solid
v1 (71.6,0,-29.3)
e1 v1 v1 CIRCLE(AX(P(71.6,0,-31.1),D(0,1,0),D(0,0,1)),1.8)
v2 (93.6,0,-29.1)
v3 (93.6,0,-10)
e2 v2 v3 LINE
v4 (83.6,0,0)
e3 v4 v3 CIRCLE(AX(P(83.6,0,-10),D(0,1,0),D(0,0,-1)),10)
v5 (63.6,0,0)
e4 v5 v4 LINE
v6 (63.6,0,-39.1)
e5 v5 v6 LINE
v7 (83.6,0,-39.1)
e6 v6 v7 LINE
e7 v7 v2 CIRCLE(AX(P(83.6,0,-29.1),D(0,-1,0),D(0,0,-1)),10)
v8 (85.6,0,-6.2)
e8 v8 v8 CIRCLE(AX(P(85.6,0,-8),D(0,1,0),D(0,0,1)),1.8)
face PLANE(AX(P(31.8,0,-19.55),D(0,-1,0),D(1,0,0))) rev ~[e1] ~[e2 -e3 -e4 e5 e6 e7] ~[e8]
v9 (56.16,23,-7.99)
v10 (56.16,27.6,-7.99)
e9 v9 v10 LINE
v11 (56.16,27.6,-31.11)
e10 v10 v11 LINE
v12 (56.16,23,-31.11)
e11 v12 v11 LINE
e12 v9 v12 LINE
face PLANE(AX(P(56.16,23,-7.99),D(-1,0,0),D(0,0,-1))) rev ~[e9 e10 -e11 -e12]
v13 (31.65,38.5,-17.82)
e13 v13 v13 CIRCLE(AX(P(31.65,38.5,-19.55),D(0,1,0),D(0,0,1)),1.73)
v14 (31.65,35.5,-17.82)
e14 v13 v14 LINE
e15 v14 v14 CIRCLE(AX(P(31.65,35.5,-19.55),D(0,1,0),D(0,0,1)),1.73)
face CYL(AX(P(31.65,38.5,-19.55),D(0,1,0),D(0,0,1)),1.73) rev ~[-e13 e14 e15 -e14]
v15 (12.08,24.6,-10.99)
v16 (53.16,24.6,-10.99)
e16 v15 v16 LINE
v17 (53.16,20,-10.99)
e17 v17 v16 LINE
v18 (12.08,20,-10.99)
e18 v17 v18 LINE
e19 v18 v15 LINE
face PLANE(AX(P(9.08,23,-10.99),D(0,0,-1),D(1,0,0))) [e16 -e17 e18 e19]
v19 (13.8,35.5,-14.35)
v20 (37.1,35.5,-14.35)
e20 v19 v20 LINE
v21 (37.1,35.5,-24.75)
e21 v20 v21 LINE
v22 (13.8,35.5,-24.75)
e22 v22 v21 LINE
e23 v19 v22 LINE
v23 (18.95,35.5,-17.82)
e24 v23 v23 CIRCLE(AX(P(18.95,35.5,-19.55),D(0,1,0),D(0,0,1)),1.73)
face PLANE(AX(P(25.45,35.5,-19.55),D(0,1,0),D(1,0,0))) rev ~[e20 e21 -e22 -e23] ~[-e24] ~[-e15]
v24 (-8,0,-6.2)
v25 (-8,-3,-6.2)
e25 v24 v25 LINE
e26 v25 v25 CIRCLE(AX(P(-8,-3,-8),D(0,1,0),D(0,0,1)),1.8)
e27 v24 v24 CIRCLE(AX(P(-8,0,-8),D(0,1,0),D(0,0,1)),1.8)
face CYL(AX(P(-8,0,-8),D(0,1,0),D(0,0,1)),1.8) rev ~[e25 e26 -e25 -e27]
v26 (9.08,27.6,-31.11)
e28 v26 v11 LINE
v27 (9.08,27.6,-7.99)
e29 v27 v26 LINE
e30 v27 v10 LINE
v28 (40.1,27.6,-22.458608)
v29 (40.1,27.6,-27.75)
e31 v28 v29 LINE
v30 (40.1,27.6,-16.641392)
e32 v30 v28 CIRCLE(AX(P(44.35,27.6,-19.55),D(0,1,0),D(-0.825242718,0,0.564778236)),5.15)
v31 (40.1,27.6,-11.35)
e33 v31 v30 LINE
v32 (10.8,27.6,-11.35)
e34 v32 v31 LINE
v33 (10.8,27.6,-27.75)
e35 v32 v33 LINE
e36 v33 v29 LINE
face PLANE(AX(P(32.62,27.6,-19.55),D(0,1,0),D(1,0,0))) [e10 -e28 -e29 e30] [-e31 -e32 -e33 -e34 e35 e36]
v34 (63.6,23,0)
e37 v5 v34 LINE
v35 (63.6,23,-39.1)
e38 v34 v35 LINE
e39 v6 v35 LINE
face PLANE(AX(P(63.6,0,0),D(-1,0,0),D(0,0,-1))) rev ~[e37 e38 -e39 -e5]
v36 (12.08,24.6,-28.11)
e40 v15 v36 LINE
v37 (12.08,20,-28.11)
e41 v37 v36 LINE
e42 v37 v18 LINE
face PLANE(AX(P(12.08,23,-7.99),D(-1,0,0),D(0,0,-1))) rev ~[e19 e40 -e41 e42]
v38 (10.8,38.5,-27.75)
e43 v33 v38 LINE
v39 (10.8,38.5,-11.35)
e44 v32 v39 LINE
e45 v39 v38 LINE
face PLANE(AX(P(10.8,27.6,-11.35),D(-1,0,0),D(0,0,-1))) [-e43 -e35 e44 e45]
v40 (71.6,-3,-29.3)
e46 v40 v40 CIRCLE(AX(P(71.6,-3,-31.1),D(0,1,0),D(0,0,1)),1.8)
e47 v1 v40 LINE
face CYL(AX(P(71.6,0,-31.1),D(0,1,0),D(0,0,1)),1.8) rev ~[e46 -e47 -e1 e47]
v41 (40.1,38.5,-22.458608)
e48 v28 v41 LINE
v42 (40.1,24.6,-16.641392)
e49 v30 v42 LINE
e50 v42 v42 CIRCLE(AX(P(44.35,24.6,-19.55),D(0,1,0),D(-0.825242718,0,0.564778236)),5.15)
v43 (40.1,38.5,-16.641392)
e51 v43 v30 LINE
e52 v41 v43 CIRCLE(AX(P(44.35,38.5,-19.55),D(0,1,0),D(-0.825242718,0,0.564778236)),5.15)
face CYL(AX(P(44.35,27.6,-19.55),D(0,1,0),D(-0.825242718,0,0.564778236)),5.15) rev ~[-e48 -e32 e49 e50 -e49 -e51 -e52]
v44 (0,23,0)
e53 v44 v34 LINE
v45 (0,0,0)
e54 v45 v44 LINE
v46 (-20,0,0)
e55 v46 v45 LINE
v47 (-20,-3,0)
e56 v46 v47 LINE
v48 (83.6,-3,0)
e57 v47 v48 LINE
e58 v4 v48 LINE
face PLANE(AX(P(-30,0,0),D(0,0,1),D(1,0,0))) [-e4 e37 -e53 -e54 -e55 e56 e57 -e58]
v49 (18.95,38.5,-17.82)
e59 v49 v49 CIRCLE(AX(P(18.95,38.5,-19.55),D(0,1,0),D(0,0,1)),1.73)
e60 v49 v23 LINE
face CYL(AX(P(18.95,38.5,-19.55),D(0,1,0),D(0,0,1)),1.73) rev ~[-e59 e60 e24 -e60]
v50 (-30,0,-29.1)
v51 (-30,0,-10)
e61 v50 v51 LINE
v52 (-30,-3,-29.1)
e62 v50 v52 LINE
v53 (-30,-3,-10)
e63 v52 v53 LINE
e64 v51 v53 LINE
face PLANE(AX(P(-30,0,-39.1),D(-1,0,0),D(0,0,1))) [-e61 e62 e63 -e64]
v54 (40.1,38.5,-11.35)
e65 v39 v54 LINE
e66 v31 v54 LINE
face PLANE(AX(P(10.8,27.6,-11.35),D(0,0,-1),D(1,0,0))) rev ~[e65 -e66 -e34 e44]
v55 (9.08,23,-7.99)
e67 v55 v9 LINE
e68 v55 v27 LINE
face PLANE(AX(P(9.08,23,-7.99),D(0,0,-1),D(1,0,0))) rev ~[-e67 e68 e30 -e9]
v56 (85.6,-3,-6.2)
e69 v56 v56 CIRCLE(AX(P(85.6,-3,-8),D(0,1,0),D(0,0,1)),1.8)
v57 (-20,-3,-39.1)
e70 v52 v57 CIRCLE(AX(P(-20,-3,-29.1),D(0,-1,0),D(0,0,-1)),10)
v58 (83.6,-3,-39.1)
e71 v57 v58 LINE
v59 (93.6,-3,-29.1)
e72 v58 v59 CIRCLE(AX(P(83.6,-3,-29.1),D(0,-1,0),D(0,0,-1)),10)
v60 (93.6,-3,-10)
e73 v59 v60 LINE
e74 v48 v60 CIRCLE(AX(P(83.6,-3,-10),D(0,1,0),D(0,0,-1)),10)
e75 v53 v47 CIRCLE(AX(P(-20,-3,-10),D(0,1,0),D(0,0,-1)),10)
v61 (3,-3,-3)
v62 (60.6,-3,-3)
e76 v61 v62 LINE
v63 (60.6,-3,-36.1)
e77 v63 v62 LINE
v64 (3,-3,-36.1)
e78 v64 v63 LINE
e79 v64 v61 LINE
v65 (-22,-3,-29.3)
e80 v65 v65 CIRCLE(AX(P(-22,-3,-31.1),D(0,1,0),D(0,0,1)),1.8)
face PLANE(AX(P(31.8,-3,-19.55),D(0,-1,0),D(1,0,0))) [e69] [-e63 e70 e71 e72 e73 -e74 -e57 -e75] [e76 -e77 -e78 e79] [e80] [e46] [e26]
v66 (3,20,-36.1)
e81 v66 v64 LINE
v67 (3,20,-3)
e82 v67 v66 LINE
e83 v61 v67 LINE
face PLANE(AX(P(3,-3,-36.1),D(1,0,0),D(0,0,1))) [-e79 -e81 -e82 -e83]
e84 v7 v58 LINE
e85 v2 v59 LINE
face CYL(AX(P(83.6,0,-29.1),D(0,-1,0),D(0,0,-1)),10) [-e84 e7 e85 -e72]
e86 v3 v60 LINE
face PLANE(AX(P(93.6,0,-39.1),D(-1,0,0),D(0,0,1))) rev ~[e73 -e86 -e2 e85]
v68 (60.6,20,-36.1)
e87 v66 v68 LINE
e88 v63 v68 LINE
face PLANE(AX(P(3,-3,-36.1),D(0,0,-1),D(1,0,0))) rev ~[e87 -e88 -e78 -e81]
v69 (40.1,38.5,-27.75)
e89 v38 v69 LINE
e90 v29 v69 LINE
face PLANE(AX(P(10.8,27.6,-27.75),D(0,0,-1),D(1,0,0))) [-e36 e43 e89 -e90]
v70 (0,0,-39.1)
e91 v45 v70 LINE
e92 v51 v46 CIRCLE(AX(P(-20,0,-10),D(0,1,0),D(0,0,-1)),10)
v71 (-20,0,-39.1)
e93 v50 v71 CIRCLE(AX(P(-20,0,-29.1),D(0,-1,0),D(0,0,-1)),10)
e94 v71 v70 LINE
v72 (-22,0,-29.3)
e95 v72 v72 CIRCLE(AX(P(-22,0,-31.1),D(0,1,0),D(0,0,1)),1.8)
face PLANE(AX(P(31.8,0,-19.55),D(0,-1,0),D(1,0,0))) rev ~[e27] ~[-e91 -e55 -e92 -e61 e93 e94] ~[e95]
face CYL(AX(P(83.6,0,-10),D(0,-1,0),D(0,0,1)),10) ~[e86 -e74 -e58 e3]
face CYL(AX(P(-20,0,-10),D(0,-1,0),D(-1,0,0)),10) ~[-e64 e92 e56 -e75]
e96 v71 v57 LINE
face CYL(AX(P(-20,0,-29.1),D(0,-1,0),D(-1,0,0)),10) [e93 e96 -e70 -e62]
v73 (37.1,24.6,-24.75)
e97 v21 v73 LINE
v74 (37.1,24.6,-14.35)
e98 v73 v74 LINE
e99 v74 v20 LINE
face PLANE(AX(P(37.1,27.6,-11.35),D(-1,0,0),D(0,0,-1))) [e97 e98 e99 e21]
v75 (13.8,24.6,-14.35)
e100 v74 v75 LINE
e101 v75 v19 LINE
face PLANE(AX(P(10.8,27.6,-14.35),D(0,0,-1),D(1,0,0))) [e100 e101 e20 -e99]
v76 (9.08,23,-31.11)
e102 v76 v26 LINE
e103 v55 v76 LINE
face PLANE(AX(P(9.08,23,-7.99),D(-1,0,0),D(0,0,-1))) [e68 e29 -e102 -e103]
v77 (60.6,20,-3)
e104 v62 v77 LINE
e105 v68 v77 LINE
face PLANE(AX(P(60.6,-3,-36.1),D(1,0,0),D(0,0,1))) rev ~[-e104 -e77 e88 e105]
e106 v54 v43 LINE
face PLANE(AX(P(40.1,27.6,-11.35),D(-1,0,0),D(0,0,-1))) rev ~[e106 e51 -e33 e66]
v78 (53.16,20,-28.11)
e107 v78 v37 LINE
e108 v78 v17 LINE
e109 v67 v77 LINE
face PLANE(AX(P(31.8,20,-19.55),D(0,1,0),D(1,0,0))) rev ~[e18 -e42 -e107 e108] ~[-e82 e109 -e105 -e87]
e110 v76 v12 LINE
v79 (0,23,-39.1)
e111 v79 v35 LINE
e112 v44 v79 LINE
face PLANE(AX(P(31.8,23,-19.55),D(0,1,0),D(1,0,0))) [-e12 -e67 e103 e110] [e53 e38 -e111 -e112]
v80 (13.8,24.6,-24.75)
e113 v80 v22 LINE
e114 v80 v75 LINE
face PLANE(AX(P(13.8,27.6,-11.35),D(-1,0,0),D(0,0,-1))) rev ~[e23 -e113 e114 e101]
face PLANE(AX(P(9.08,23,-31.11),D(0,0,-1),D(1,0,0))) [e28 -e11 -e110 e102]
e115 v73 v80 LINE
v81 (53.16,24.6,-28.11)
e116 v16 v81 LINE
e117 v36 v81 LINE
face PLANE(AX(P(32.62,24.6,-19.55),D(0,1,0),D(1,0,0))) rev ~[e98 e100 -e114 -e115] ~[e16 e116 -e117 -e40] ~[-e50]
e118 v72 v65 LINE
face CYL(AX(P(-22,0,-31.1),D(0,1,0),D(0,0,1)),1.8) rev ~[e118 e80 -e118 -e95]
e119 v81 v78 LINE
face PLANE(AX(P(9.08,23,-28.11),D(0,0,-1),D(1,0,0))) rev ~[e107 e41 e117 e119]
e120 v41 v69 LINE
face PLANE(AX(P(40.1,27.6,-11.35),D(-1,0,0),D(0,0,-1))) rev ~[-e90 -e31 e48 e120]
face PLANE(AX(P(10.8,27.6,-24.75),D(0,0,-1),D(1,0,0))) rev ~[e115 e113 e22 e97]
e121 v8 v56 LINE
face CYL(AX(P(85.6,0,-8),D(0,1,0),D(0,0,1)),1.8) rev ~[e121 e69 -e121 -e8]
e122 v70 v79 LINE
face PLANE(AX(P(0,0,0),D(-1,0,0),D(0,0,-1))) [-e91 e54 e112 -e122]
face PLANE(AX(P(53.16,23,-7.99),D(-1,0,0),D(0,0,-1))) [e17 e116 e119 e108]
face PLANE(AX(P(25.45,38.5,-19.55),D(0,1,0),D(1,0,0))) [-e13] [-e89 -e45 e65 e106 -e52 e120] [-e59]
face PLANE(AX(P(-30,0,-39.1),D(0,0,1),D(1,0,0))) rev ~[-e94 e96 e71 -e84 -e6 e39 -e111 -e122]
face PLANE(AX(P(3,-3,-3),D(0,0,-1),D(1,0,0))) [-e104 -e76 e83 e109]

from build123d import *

# Parameters (mm, degrees)
SKETCH1_W           = 63.6
SKETCH1_H           = 39.1
BOSS_EXTRUDE1_DEPTH = 23
SKETCH3_W           = 47.08
SKETCH3_H           = 23.12
BOSS_EXTRUDE2_DEPTH = 4.6
SKETCH4_W           = 29.3
SKETCH4_H           = 16.4
BOSS_EXTRUDE3_DEPTH = 10.9
SHELL1_T            = -3
SKETCH5_W           = 123.6
SKETCH5_H           = 39.1
BOSS_EXTRUDE4_DEPTH = 3
SKETCH6_R           = 1.73
CUT_EXTRUDE1_DEPTH  = 110.599361312
SKETCH7_W           = 57.6
SKETCH7_H           = 33.1
CUT_EXTRUDE2_DEPTH  = 3
SKETCH8_R           = 1.8
CUT_EXTRUDE3_DEPTH  = 3
FILLET1_R           = 10
SKETCH9_R           = 5.15
CUT_EXTRUDE4_DEPTH  = 10
SKETCH12_R          = 5.15
CUT_EXTRUDE5_DEPTH  = 110.599361312


with BuildPart() as part:
    # Sketch1 → Boss-Extrude1 (new body)
    with BuildSketch(Plane(origin=(0, 0, 0), x_dir=(1, 0, 0), z_dir=(0, 1, 0))):
        with Locations((31.8, 19.55)):
            Rectangle(SKETCH1_W, SKETCH1_H)
    extrude(amount=BOSS_EXTRUDE1_DEPTH)

    # Sketch3 → Boss-Extrude2 (add)
    with BuildSketch(Plane(origin=(0, 23, 0), x_dir=(1, 0, 0), z_dir=(0, 1, 0))):
        with Locations((32.62, 19.55)):
            Rectangle(SKETCH3_W, SKETCH3_H)
    extrude(amount=BOSS_EXTRUDE2_DEPTH)

    # Sketch4 → Boss-Extrude3 (add)
    with BuildSketch(Plane(origin=(0, 27.6, 0), x_dir=(1, 0, 0), z_dir=(0, 1, 0))):
        with Locations((25.45, 19.55)):
            Rectangle(SKETCH4_W, SKETCH4_H)
    extrude(amount=BOSS_EXTRUDE3_DEPTH)

    # Shell1
    shell1_openings = [part.faces().sort_by_distance(p)[0] for p in [
        (31.8, 0, -19.55),
    ]]
    offset(amount=SHELL1_T, openings=shell1_openings, kind=Kind.INTERSECTION)

    # Sketch5 → Boss-Extrude4 (add)
    with BuildSketch(Plane.XZ):
        with Locations((31.8, -19.55)):
            Rectangle(SKETCH5_W, SKETCH5_H)
    extrude(amount=BOSS_EXTRUDE4_DEPTH)

    # Sketch6 → Cut-Extrude1 (cut, through all)
    with BuildSketch(Plane(origin=(0, 38.5, 0), x_dir=(1, 0, 0), z_dir=(0, 1, 0))):
        with Locations(Location((18.95, 19.55, 0), (0, 0, 270))):
            Circle(SKETCH6_R)
        with Locations(Location((31.65, 19.55, 0), (0, 0, 270))):
            Circle(SKETCH6_R)
    extrude(amount=-CUT_EXTRUDE1_DEPTH, mode=Mode.SUBTRACT)

    # Sketch7 → Cut-Extrude2 (cut)
    with BuildSketch(Plane.XZ.offset(3)):
        with Locations((31.8, -19.55)):
            Rectangle(SKETCH7_W, SKETCH7_H)
    extrude(amount=-CUT_EXTRUDE2_DEPTH, mode=Mode.SUBTRACT)

    # Sketch8 → Cut-Extrude3 (cut)
    with BuildSketch(Plane(origin=(0, 0, 0), x_dir=(1, 0, 0), z_dir=(0, 1, 0))):
        with Locations(Location((85.6, 8, 0), (0, 0, 270))):
            Circle(SKETCH8_R)
        with Locations(Location((71.6, 31.1, 0), (0, 0, 270))):
            Circle(SKETCH8_R)
        with Locations(Location((-8, 8, 0), (0, 0, 270))):
            Circle(SKETCH8_R)
        with Locations(Location((-22, 31.1, 0), (0, 0, 270))):
            Circle(SKETCH8_R)
    extrude(amount=-CUT_EXTRUDE3_DEPTH, mode=Mode.SUBTRACT)

    # Fillet1
    fillet1_edges = [part.edges().sort_by_distance(p)[0] for p in [
        (93.6, -1.5, -39.1),
        (93.6, -1.5, 0),
        (-30, -1.5, 0),
        (-30, -1.5, -39.1),
    ]]
    fillet(fillet1_edges, radius=FILLET1_R)

    # Sketch9 → Cut-Extrude4 (cut)
    with BuildSketch(Plane(origin=(0, 27.6, 0), x_dir=(1, 0, 0), z_dir=(0, 1, 0))):
        with Locations(Location((44.35, 19.55, 0), (0, 0, 214.386893027))):
            Circle(SKETCH9_R)
    extrude(amount=-CUT_EXTRUDE4_DEPTH, mode=Mode.SUBTRACT)

    # Sketch12 → Cut-Extrude5 (cut, through all)
    with BuildSketch(Plane(origin=(0, 38.5, 0), x_dir=(1, 0, 0), z_dir=(0, 1, 0))):
        with Locations(Location((44.35, 19.55, 0), (0, 0, 214.386893027))):
            Circle(SKETCH12_R)
    extrude(amount=-CUT_EXTRUDE5_DEPTH, mode=Mode.SUBTRACT)


solid = part.part
